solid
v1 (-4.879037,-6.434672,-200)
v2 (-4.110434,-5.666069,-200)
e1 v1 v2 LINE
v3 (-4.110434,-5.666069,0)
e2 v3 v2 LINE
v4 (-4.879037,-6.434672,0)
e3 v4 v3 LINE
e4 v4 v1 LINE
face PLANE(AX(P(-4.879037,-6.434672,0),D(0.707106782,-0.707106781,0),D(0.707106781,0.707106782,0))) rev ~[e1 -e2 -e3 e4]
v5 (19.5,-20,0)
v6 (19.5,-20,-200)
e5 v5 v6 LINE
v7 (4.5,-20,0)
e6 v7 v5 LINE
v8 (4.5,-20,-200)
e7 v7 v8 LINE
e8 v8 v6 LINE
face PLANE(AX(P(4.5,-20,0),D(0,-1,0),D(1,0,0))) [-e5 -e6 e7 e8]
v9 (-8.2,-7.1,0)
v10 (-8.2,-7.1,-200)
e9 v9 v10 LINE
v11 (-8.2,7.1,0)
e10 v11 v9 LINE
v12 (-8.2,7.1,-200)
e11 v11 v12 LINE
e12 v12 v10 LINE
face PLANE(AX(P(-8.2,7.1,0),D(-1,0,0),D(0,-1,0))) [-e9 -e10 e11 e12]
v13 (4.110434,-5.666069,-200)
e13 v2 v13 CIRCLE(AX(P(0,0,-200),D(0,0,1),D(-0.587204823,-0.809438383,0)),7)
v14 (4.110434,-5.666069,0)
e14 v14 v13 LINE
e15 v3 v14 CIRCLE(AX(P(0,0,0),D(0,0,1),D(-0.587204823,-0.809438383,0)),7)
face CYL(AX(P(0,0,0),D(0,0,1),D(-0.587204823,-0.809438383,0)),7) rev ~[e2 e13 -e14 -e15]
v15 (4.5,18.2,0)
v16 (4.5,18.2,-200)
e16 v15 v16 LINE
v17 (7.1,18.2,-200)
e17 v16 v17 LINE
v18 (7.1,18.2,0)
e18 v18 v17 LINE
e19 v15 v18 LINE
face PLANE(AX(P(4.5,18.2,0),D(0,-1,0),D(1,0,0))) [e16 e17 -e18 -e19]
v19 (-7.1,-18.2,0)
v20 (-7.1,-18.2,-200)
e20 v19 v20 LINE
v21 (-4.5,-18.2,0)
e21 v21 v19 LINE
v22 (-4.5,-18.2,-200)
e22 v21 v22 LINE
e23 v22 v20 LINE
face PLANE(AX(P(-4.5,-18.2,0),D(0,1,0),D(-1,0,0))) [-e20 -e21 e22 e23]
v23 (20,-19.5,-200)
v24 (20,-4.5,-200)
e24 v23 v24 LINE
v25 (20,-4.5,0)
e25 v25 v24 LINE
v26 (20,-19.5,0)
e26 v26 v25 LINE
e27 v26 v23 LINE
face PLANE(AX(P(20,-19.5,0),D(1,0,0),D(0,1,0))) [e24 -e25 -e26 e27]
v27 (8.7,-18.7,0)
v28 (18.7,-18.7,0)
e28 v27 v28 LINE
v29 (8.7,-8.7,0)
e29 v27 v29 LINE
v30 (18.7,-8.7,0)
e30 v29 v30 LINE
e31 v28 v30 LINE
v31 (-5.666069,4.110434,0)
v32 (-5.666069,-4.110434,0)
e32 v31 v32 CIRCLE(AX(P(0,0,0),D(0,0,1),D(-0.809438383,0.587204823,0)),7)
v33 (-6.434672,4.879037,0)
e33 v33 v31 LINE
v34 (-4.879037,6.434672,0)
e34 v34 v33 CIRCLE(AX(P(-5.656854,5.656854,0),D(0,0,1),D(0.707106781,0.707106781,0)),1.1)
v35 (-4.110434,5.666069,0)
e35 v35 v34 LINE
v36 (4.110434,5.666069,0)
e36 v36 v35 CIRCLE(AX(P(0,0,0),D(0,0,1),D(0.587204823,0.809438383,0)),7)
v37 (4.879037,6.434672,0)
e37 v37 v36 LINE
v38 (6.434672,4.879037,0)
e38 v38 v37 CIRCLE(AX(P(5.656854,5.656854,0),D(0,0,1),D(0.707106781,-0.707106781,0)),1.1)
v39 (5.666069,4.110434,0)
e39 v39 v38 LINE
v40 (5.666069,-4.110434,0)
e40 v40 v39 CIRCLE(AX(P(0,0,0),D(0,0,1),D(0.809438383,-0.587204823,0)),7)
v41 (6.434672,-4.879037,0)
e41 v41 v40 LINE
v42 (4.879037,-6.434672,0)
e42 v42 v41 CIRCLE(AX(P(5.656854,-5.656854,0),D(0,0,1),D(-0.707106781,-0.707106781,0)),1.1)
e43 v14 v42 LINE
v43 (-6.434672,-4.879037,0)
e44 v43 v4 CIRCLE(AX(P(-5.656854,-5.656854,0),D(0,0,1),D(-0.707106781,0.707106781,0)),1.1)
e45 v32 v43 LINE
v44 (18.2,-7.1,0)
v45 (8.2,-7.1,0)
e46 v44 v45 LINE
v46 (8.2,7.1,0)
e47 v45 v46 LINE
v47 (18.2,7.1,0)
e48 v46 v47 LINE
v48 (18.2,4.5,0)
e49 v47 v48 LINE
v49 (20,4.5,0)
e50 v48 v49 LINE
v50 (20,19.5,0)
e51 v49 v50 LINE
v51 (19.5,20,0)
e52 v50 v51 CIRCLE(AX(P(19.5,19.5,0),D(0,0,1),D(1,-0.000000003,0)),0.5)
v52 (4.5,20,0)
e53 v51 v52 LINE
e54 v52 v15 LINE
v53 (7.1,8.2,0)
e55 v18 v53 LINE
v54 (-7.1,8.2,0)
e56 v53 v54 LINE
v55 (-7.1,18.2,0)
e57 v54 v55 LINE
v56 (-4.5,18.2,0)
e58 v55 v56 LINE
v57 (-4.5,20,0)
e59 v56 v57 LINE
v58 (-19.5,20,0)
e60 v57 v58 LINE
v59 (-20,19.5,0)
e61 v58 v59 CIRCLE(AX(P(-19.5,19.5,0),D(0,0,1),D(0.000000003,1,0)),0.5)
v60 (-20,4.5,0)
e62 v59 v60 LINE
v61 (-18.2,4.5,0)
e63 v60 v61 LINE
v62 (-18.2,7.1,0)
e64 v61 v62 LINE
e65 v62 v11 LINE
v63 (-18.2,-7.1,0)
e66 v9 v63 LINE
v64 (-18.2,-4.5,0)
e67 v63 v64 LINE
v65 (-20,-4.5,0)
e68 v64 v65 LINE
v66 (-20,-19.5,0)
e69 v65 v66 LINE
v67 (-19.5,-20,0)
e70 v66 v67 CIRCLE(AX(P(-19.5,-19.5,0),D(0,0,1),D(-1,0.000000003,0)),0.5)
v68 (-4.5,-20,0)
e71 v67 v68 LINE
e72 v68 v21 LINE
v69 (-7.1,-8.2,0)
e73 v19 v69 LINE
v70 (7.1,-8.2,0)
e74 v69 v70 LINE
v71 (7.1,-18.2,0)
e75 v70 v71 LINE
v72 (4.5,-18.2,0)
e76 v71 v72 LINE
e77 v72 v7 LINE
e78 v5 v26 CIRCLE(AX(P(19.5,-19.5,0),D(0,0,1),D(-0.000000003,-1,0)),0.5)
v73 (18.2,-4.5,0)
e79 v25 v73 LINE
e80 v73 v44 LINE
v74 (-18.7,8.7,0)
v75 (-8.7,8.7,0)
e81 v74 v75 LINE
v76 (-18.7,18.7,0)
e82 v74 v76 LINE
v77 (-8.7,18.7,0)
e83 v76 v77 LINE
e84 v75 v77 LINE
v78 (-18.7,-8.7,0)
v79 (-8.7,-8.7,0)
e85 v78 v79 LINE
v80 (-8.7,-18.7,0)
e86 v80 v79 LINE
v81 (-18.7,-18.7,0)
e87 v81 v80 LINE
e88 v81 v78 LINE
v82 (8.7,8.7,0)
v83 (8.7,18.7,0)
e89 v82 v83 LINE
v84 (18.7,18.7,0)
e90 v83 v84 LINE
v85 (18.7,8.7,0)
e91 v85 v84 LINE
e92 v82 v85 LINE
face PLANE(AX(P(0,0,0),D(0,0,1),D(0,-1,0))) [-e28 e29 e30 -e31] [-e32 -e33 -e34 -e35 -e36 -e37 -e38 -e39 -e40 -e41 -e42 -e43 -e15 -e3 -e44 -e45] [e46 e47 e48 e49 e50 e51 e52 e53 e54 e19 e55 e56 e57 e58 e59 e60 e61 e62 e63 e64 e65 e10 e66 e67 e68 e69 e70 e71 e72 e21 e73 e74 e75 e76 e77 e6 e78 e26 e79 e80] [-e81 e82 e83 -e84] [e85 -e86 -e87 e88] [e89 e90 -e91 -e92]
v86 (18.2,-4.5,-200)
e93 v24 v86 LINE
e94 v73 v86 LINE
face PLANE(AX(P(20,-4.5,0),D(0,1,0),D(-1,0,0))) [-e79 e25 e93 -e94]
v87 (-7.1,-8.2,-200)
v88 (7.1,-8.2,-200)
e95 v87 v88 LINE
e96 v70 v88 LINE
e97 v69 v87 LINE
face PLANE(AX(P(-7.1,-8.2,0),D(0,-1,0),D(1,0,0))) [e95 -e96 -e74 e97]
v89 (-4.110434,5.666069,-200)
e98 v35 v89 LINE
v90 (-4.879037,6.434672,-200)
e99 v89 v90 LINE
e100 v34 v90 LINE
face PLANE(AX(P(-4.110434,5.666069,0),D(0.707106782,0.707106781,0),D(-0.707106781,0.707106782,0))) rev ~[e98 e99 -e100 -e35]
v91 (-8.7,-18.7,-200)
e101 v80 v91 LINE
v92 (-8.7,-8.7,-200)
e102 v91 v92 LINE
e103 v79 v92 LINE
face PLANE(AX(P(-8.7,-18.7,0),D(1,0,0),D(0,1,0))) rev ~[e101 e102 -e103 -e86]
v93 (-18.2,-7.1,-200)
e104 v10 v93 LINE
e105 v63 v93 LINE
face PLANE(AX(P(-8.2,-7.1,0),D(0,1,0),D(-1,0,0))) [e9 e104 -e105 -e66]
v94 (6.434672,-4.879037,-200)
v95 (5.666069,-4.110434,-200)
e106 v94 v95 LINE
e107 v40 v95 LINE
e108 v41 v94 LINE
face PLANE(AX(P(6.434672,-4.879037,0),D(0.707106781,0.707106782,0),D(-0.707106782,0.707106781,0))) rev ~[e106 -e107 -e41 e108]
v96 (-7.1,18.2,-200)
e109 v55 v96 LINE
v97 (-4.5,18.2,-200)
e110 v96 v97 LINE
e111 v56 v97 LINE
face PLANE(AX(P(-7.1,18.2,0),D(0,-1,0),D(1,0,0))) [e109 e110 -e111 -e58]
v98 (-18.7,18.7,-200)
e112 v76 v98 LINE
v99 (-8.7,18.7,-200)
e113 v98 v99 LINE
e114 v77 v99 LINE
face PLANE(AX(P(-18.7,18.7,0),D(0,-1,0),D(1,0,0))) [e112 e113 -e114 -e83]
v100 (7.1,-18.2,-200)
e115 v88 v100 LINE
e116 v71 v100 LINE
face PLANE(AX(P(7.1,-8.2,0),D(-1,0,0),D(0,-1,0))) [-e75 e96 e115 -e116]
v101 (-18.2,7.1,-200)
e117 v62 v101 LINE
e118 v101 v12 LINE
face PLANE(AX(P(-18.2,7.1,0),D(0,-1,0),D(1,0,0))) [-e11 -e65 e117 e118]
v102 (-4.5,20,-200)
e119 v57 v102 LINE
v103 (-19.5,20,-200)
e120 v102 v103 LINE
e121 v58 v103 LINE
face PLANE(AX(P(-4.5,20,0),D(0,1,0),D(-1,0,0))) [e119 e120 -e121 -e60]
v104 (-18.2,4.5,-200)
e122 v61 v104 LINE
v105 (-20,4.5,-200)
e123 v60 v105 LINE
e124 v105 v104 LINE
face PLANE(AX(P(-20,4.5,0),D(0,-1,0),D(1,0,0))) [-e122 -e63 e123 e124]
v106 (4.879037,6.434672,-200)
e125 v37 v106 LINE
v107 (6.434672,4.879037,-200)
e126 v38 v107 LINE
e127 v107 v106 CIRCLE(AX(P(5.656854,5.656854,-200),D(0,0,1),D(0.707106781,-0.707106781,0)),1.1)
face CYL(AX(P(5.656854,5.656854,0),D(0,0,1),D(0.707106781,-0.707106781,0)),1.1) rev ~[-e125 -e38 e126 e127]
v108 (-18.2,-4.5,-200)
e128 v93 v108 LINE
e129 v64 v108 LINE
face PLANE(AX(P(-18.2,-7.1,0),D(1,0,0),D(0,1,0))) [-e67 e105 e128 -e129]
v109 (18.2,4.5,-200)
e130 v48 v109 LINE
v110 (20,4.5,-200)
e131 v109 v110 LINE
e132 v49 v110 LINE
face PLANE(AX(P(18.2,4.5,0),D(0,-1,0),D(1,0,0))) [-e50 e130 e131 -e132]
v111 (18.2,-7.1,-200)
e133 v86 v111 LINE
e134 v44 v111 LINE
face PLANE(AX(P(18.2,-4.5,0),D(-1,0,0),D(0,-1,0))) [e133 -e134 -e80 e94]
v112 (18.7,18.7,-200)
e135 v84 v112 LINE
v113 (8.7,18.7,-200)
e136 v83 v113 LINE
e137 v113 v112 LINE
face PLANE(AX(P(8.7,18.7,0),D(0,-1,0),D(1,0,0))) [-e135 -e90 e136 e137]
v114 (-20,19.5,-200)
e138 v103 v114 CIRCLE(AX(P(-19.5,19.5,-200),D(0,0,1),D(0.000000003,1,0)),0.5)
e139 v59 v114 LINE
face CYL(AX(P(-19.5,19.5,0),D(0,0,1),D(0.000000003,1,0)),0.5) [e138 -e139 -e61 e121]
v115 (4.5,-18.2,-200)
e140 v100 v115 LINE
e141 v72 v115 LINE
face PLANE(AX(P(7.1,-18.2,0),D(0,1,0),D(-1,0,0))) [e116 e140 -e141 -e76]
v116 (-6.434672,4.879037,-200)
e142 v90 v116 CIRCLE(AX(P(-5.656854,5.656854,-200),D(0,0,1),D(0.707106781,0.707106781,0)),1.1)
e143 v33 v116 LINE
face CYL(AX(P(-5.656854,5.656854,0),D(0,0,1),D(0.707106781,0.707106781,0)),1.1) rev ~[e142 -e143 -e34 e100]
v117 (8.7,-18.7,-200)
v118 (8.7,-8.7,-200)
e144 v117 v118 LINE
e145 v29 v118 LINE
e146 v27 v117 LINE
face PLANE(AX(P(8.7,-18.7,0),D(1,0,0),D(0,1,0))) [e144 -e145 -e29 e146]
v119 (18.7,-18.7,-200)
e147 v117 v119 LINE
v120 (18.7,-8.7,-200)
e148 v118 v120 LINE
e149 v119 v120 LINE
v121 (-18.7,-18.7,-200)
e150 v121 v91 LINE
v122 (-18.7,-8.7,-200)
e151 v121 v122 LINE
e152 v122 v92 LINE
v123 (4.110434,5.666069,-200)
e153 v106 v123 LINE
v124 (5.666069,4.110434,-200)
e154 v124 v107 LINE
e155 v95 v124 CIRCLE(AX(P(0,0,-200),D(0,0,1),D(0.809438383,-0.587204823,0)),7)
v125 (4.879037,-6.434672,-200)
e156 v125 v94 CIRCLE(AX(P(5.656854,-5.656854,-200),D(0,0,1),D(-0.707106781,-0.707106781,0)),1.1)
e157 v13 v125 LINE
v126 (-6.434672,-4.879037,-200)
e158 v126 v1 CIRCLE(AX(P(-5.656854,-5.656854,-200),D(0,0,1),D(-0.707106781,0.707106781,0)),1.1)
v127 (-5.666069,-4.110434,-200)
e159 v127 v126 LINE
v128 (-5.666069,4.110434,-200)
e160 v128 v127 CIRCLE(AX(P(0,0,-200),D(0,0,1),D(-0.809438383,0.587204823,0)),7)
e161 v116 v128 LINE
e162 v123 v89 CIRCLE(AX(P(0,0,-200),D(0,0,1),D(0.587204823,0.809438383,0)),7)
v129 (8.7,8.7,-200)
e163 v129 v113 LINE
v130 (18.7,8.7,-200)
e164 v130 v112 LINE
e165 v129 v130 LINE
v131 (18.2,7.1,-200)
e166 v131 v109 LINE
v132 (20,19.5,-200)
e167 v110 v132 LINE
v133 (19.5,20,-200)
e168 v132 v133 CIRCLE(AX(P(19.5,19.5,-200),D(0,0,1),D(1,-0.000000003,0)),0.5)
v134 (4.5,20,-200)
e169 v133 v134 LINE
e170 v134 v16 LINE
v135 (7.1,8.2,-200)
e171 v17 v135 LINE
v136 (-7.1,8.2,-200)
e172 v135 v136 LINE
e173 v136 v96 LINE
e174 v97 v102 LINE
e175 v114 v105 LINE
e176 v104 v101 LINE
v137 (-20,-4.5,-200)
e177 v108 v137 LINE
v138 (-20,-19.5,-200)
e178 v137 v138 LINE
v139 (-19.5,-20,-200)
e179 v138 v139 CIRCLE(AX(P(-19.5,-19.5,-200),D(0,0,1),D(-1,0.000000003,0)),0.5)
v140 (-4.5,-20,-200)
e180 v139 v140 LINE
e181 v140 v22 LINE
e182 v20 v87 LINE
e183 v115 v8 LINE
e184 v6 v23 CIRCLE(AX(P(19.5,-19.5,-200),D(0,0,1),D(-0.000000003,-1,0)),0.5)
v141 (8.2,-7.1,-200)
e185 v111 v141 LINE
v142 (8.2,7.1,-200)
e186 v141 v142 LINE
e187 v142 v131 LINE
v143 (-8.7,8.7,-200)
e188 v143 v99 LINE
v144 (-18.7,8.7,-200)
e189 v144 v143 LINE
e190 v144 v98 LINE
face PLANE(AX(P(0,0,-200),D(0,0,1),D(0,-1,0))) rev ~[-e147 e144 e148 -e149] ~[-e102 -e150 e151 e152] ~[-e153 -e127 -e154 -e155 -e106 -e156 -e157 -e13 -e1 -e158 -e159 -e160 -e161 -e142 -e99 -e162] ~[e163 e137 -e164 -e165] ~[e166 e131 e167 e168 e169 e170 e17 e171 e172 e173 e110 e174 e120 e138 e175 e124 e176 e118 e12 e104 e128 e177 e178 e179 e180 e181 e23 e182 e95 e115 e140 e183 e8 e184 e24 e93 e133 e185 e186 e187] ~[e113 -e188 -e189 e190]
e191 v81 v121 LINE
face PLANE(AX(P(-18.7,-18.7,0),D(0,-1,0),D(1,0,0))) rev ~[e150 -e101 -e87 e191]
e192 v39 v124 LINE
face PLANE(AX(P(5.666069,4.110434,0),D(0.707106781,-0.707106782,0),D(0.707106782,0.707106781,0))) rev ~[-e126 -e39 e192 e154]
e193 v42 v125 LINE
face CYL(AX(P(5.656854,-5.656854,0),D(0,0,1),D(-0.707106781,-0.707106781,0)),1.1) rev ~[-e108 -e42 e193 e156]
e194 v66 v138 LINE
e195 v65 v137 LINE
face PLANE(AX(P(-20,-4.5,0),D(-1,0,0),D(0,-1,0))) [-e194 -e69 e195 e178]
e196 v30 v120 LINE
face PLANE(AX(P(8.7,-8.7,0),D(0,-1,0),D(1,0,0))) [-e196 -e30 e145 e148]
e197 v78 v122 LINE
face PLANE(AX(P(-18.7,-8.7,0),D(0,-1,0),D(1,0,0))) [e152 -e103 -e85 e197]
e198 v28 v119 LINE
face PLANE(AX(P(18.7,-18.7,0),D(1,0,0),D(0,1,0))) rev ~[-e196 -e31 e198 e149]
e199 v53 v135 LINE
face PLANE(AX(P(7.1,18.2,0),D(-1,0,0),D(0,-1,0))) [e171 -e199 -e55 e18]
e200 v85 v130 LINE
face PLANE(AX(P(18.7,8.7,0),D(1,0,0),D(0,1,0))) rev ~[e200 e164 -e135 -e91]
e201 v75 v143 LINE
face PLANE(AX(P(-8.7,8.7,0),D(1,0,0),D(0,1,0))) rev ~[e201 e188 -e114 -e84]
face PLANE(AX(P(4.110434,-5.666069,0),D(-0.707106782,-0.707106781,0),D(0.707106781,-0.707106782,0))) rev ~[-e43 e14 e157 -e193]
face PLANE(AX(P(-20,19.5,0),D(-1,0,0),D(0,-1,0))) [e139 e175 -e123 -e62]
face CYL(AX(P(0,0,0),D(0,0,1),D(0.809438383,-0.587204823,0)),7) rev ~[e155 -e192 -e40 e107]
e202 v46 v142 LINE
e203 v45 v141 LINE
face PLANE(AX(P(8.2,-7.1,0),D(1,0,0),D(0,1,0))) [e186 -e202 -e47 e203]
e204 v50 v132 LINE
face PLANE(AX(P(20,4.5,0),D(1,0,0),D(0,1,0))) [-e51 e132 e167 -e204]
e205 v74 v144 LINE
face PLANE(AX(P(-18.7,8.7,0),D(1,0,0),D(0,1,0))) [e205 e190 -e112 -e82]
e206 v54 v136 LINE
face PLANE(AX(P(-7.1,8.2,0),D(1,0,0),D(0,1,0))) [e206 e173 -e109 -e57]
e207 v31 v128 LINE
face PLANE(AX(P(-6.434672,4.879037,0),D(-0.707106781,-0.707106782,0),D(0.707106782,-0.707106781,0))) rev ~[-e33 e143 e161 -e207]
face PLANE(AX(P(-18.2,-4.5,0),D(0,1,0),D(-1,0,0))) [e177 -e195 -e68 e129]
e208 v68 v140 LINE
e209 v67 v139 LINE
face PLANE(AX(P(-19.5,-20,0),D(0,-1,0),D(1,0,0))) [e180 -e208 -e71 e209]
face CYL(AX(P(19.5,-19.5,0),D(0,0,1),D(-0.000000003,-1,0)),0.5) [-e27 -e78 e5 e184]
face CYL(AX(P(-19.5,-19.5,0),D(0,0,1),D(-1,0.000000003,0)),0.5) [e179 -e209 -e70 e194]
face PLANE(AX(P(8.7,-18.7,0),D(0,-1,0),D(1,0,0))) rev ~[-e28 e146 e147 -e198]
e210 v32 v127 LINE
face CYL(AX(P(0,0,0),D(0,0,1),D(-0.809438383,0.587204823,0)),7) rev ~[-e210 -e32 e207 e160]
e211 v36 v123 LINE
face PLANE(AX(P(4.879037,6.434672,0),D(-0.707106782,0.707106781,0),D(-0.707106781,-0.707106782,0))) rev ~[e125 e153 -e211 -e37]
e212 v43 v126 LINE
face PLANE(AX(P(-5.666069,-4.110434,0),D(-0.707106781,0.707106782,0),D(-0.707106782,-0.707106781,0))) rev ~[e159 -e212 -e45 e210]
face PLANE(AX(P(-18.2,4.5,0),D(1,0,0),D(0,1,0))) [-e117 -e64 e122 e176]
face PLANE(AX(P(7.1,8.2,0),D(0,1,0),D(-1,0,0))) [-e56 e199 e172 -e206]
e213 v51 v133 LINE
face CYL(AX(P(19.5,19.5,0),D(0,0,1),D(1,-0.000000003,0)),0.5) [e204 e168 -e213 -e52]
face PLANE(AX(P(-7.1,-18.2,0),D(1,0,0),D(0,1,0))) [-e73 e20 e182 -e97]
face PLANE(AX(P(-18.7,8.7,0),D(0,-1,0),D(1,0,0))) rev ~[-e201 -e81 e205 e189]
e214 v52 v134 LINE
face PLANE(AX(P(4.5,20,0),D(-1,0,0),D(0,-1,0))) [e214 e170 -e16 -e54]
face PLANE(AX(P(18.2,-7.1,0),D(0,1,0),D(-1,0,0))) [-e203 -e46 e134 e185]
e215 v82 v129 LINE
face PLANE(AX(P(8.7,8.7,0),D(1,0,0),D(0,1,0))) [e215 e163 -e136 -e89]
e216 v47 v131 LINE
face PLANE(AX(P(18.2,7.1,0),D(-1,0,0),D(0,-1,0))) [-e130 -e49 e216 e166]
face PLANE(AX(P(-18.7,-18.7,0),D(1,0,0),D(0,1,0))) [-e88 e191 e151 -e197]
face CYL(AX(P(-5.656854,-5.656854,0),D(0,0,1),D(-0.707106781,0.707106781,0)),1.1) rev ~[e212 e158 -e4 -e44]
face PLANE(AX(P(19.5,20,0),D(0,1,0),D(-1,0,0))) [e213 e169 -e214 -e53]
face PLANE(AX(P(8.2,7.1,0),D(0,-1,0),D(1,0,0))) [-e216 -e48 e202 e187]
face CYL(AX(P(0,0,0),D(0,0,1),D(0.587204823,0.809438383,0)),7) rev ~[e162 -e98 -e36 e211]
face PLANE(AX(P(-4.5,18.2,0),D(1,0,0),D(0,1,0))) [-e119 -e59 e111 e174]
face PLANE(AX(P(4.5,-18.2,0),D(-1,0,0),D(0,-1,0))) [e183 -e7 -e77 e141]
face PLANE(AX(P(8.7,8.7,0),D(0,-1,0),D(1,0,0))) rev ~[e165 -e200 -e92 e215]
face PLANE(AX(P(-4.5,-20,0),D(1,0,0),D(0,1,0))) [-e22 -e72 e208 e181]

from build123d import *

# Parameters (mm, degrees)
SKETCH1_W                 = 10
SKETCH1_H                 = 10
F_40_X_40A_X_R0_5_1_DEPTH = 200


with BuildPart() as part:
    # Sketch1 → 铝型材 40 X 40A X R0.5(1) (new body)
    with BuildSketch(Plane.YX):
        with BuildLine():
            Line((-19.5, 20), (-4.5, 20))
            Line((-4.5, 20), (-4.5, 18.2))
            Line((-4.5, 18.2), (-7.1, 18.2))
            Line((-7.1, 18.2), (-7.1, 8.2))
            Line((-7.1, 8.2), (7.1, 8.2))
            Line((7.1, 8.2), (7.1, 18.2))
            Line((7.1, 18.2), (4.5, 18.2))
            Line((4.5, 18.2), (4.5, 20))
            Line((4.5, 20), (19.5, 20))
            ThreePointArc((19.5, 20), (19.853553391, 19.853553391), (20, 19.5))
            Line((20, 19.5), (20, 4.5))
            Line((20, 4.5), (18.2, 4.5))
            Line((18.2, 4.5), (18.2, 7.1))
            Line((18.2, 7.1), (8.2, 7.1))
            Line((8.2, 7.1), (8.2, -7.1))
            Line((8.2, -7.1), (18.2, -7.1))
            Line((18.2, -7.1), (18.2, -4.5))
            Line((18.2, -4.5), (20, -4.5))
            Line((20, -4.5), (20, -19.5))
            ThreePointArc((20, -19.5), (19.853553391, -19.853553391), (19.5, -20))
            Line((19.5, -20), (4.5, -20))
            Line((4.5, -20), (4.5, -18.2))
            Line((4.5, -18.2), (7.1, -18.2))
            Line((7.1, -18.2), (7.1, -8.2))
            Line((7.1, -8.2), (-7.1, -8.2))
            Line((-7.1, -8.2), (-7.1, -18.2))
            Line((-7.1, -18.2), (-4.5, -18.2))
            Line((-4.5, -18.2), (-4.5, -20))
            Line((-4.5, -20), (-19.5, -20))
            ThreePointArc((-19.5, -20), (-19.853553391, -19.853553391), (-20, -19.5))
            Line((-20, -19.5), (-20, -4.5))
            Line((-20, -4.5), (-18.2, -4.5))
            Line((-18.2, -4.5), (-18.2, -7.1))
            Line((-18.2, -7.1), (-8.2, -7.1))
            Line((-8.2, -7.1), (-8.2, 7.1))
            Line((-8.2, 7.1), (-18.2, 7.1))
            Line((-18.2, 7.1), (-18.2, 4.5))
            Line((-18.2, 4.5), (-20, 4.5))
            Line((-20, 4.5), (-20, 19.5))
            ThreePointArc((-20, 19.5), (-19.853553391, 19.853553391), (-19.5, 20))
        make_face()
        with BuildLine():
            Line((-4.87903679, 6.434671709), (-4.110433762, 5.66606868))
            ThreePointArc((-4.110433762, 5.66606868), (0, 7), (4.110433762, 5.66606868))
            Line((4.110433762, 5.66606868), (4.87903679, 6.434671709))
            ThreePointArc((4.87903679, 6.434671709), (6.434671709, 6.434671709), (6.434671709, 4.87903679))
            Line((6.434671709, 4.87903679), (5.66606868, 4.110433762))
            ThreePointArc((5.66606868, 4.110433762), (7, 0), (5.66606868, -4.110433762))
            Line((5.66606868, -4.110433762), (6.434671709, -4.87903679))
            ThreePointArc((6.434671709, -4.87903679), (6.434671709, -6.434671709), (4.87903679, -6.434671709))
            Line((4.87903679, -6.434671709), (4.110433762, -5.66606868))
            ThreePointArc((4.110433762, -5.66606868), (0, -7), (-4.110433762, -5.66606868))
            Line((-4.110433762, -5.66606868), (-4.87903679, -6.434671709))
            ThreePointArc((-4.87903679, -6.434671709), (-6.434671709, -6.434671709), (-6.434671709, -4.87903679))
            Line((-6.434671709, -4.87903679), (-5.66606868, -4.110433762))
            ThreePointArc((-5.66606868, -4.110433762), (-7, 0), (-5.66606868, 4.110433762))
            Line((-5.66606868, 4.110433762), (-6.434671709, 4.87903679))
            ThreePointArc((-6.434671709, 4.87903679), (-6.434671709, 6.434671709), (-4.87903679, 6.434671709))
        make_face(mode=Mode.SUBTRACT)
        with Locations((-13.7, 13.7)):
            Rectangle(SKETCH1_W, SKETCH1_H, mode=Mode.SUBTRACT)
        with Locations((13.7, 13.7)):
            Rectangle(SKETCH1_W, SKETCH1_H, mode=Mode.SUBTRACT)
        with Locations((13.7, -13.7)):
            Rectangle(SKETCH1_W, SKETCH1_H, mode=Mode.SUBTRACT)
        with Locations((-13.7, -13.7)):
            Rectangle(SKETCH1_W, SKETCH1_H, mode=Mode.SUBTRACT)
    extrude(amount=F_40_X_40A_X_R0_5_1_DEPTH)


solid = part.part
